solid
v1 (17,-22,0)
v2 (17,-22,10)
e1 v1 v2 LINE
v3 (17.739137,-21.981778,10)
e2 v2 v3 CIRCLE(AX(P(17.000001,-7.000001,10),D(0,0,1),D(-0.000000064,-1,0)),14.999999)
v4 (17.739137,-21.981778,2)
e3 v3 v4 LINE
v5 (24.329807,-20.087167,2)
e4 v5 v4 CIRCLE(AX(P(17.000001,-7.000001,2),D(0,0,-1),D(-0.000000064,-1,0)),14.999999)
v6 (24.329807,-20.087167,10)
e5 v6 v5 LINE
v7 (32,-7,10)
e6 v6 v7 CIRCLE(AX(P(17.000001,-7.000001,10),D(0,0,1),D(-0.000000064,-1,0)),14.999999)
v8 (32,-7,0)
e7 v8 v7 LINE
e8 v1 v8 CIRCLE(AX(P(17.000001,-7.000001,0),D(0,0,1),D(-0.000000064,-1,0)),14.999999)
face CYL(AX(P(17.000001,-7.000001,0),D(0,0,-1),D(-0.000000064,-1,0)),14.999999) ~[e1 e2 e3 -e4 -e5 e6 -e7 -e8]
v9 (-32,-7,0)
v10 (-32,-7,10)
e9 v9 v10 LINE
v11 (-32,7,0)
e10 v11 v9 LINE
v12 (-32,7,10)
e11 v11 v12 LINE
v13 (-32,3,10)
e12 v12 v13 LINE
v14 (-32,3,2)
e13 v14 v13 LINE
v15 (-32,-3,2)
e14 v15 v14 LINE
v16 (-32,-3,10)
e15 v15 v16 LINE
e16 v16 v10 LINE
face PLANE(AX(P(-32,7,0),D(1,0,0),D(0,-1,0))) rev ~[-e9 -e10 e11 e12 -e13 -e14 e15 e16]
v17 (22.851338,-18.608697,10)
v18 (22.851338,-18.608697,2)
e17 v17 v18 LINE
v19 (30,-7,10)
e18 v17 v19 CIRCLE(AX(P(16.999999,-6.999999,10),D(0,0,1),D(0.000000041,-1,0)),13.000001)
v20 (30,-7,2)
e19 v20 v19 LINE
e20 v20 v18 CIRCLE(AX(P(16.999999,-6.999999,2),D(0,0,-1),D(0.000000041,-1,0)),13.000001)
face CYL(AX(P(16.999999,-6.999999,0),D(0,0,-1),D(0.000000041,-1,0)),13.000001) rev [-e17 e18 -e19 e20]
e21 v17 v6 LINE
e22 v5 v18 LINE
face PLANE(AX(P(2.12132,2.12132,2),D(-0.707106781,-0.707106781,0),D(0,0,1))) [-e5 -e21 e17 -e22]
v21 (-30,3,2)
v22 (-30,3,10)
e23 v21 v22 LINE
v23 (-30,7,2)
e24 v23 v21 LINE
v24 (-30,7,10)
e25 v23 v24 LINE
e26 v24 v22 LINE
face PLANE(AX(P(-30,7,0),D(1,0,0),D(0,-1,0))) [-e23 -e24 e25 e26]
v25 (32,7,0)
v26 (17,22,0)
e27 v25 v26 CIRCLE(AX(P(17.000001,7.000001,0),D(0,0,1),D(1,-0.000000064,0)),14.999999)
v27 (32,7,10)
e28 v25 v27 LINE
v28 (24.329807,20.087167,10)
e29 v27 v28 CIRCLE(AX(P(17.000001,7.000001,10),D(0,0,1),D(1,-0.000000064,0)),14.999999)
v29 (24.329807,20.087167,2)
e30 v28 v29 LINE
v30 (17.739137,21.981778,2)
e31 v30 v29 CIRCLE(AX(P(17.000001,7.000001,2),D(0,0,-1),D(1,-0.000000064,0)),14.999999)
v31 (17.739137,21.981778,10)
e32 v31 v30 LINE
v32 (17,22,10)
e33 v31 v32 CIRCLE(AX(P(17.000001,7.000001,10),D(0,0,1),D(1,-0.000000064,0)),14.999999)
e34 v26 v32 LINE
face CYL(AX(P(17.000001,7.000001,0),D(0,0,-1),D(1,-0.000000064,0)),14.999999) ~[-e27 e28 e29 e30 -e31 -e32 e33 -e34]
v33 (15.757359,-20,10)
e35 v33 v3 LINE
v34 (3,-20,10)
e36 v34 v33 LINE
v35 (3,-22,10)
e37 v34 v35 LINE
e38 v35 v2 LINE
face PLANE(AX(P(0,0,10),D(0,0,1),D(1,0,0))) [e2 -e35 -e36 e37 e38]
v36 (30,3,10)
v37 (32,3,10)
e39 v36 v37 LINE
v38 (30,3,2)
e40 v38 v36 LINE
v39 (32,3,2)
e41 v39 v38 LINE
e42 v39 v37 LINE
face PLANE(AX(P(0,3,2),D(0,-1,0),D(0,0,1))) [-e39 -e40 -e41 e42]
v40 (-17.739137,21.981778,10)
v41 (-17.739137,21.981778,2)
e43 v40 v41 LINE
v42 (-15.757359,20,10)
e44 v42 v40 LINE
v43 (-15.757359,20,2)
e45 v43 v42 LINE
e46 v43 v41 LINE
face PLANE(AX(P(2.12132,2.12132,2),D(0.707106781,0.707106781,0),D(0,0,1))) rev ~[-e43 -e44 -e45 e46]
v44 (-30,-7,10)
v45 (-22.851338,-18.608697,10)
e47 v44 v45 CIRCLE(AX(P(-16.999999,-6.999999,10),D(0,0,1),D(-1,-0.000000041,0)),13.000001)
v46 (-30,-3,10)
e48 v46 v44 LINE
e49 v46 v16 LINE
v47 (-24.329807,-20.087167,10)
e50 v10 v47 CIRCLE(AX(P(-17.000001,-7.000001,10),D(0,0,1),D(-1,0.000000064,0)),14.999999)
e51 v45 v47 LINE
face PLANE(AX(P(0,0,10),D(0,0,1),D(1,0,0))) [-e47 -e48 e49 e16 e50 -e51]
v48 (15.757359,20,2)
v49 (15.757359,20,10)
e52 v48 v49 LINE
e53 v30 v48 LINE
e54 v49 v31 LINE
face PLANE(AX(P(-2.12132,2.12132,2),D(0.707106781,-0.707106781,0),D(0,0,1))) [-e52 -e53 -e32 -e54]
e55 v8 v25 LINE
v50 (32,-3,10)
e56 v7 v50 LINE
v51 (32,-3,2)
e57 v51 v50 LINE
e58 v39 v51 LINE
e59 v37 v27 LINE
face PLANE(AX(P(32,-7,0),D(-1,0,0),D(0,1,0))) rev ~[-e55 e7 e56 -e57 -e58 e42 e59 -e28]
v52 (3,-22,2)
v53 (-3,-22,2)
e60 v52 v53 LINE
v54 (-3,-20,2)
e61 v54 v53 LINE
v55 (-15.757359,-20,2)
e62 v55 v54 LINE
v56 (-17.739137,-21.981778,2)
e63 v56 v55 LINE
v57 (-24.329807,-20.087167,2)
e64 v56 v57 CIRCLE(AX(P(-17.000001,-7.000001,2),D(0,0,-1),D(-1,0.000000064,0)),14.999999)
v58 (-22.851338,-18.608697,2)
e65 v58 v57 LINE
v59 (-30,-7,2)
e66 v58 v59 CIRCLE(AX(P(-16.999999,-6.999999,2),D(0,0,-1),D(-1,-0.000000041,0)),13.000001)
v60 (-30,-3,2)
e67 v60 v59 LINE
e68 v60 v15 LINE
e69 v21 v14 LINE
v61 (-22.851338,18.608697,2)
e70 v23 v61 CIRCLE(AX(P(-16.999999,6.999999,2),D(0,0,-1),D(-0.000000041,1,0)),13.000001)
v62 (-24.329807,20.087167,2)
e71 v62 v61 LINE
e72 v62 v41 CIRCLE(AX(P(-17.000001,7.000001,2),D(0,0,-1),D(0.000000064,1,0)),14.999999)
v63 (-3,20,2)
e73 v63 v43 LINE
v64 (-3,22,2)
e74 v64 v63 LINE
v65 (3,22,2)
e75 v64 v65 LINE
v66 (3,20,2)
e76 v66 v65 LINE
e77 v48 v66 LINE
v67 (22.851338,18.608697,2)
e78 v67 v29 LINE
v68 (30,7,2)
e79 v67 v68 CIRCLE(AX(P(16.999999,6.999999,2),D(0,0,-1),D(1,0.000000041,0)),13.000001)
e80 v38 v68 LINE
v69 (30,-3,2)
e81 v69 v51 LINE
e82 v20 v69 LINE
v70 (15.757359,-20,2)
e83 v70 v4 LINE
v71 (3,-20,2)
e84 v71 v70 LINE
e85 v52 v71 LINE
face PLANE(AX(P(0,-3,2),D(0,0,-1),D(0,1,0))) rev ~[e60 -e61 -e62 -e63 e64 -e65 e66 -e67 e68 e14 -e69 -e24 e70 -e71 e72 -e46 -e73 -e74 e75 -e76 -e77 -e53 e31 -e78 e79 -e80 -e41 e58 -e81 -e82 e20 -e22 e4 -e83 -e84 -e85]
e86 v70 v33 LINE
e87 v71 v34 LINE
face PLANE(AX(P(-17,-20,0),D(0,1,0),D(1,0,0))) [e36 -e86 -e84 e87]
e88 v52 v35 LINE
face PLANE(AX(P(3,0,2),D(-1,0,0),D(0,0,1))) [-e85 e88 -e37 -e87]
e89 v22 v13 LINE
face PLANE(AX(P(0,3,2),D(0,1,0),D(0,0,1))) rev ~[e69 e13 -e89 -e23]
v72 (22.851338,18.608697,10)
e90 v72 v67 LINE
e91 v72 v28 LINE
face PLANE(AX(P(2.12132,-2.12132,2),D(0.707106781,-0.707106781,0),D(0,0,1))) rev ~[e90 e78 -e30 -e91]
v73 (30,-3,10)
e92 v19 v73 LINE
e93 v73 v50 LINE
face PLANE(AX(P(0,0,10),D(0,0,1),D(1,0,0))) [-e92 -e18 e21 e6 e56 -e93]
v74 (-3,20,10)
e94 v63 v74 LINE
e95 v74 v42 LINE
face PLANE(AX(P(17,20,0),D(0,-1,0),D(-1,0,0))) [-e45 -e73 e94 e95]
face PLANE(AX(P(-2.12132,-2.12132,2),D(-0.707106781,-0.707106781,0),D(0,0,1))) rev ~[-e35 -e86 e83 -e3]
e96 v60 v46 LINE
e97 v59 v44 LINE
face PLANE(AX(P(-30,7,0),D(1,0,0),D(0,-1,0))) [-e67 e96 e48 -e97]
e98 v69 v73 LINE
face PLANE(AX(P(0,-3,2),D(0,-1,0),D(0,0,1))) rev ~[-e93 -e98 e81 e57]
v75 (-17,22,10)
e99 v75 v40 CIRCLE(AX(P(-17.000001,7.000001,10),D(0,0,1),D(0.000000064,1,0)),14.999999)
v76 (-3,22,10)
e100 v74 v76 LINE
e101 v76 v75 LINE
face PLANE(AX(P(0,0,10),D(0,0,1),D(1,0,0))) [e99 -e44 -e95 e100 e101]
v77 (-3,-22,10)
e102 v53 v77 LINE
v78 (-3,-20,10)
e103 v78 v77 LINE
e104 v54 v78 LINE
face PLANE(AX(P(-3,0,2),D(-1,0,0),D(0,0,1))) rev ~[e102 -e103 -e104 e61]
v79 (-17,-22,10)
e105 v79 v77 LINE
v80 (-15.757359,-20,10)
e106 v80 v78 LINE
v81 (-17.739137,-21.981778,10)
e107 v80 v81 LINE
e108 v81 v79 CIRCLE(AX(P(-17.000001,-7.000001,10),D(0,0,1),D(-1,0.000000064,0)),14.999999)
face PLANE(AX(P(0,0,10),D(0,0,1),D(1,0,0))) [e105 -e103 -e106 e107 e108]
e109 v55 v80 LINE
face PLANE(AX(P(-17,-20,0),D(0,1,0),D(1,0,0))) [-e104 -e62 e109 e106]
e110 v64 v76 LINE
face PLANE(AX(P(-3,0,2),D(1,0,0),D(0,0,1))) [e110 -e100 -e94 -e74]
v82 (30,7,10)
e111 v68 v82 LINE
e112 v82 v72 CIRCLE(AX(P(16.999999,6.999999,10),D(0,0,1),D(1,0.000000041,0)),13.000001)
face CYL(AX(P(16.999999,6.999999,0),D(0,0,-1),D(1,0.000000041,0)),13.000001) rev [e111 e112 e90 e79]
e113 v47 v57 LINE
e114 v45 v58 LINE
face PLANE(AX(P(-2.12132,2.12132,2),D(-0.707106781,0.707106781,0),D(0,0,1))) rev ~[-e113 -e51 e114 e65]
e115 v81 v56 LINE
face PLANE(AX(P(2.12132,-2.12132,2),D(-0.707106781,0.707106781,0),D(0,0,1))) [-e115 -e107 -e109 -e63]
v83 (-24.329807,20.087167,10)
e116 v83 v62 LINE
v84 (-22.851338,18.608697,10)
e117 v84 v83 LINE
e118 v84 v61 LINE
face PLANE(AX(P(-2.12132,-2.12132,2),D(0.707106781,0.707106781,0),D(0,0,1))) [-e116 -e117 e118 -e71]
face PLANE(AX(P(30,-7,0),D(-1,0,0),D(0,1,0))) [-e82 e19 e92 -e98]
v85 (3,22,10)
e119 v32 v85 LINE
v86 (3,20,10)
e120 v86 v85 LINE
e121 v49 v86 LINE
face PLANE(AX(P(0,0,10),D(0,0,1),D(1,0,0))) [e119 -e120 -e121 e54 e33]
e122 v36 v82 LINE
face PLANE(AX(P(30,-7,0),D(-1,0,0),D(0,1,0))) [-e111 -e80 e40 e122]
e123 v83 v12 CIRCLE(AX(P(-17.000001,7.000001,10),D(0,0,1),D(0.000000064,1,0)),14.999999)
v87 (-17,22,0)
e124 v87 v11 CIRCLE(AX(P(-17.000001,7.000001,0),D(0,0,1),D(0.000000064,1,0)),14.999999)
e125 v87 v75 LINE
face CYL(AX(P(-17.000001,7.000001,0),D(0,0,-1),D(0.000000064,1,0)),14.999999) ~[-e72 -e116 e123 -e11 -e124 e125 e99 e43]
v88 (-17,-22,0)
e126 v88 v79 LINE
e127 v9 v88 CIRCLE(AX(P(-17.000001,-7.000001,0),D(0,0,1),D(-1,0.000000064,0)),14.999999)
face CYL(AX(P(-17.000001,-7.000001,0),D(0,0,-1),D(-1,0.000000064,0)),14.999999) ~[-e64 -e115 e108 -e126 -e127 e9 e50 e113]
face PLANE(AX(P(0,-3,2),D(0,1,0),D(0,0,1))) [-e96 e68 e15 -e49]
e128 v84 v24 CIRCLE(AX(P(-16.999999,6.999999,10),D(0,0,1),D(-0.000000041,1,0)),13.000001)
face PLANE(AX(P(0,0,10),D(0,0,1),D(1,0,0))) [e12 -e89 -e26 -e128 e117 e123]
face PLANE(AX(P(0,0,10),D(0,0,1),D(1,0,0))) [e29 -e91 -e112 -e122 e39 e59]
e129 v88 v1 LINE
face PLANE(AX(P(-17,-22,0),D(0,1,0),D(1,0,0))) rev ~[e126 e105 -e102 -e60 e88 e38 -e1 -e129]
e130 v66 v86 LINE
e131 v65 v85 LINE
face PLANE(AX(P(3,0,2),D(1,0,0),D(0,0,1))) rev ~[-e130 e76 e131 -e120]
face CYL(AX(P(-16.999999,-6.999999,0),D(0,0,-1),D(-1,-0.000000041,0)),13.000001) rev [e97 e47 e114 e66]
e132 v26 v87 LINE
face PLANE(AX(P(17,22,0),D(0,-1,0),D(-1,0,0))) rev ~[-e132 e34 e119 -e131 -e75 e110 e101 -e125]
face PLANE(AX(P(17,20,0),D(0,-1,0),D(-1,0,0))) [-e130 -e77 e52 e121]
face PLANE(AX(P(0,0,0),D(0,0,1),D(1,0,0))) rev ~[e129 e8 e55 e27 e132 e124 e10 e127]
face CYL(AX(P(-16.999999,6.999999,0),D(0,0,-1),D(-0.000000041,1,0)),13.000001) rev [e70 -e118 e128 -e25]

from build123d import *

# Parameters (mm, degrees)
PAD_DEPTH          = 10
SKETCH002_W        = 6
SKETCH002_H        = 8
POCKET_DEPTH       = 178.615176
POLARPATTERN_COUNT = 8
PAD001_DEPTH       = 2


with BuildPart() as part:
    # Sketch → Pad (new body)
    with BuildSketch(Plane.XY):
        with BuildLine():
            Line((-32, 7), (-32, -7))
            ThreePointArc((-32, -7), (-27.606602, -17.606602), (-17, -22))
            Line((-17, -22), (17, -22))
            ThreePointArc((17, -22), (27.606602, -17.606602), (32, -7))
            Line((32, -7), (32, 7))
            ThreePointArc((32, 7), (27.606602, 17.606602), (17, 22))
            Line((17, 22), (-17, 22))
            ThreePointArc((-17, 22), (-27.606602, 17.606602), (-32, 7))
        make_face()
        with BuildLine():
            Line((-30, 7), (-30, -7))
            ThreePointArc((-30, -7), (-26.192388, -16.192388), (-17, -20))
            Line((-17, -20), (17, -20))
            ThreePointArc((17, -20), (26.192388, -16.192388), (30, -7))
            Line((30, -7), (30, 7))
            ThreePointArc((30, 7), (26.192388, 16.192388), (17, 20))
            Line((17, 20), (-17, 20))
            ThreePointArc((-17, 20), (-26.192388, 16.192388), (-30, 7))
        make_face(mode=Mode.SUBTRACT)
    extrude(amount=PAD_DEPTH)

    # Sketch002 → Pocket (cut, through all)
    with BuildSketch(Plane.XZ):
        with Locations((0, 6)):
            Rectangle(SKETCH002_W, SKETCH002_H)
    pocket = extrude(amount=-POCKET_DEPTH, mode=Mode.SUBTRACT)

    # PolarPattern: Pocket ×8 about axis
    polarpattern_axis = Axis((0, 0, 0), (0, 0, 1))
    for i in range(1, POLARPATTERN_COUNT):
        add(pocket.rotate(polarpattern_axis, i * 360 / POLARPATTERN_COUNT), mode=Mode.SUBTRACT)

    # Sketch001 → Pad001 (join)
    with BuildSketch(Plane.XY):
        with BuildLine():
            Line((-31, 6), (-31, -6))
            ThreePointArc((-31, -6), (-26.606602, -16.606602), (-16, -21))
            Line((-16, -21), (16, -21))
            ThreePointArc((16, -21), (26.606602, -16.606602), (31, -6))
            Line((31, -6), (31, 6))
            ThreePointArc((31, 6), (26.606602, 16.606602), (16, 21))
            Line((16, 21), (-16, 21))
            ThreePointArc((-16, 21), (-26.606602, 16.606602), (-31, 6))
        make_face()
    extrude(amount=PAD001_DEPTH)


solid = part.part
